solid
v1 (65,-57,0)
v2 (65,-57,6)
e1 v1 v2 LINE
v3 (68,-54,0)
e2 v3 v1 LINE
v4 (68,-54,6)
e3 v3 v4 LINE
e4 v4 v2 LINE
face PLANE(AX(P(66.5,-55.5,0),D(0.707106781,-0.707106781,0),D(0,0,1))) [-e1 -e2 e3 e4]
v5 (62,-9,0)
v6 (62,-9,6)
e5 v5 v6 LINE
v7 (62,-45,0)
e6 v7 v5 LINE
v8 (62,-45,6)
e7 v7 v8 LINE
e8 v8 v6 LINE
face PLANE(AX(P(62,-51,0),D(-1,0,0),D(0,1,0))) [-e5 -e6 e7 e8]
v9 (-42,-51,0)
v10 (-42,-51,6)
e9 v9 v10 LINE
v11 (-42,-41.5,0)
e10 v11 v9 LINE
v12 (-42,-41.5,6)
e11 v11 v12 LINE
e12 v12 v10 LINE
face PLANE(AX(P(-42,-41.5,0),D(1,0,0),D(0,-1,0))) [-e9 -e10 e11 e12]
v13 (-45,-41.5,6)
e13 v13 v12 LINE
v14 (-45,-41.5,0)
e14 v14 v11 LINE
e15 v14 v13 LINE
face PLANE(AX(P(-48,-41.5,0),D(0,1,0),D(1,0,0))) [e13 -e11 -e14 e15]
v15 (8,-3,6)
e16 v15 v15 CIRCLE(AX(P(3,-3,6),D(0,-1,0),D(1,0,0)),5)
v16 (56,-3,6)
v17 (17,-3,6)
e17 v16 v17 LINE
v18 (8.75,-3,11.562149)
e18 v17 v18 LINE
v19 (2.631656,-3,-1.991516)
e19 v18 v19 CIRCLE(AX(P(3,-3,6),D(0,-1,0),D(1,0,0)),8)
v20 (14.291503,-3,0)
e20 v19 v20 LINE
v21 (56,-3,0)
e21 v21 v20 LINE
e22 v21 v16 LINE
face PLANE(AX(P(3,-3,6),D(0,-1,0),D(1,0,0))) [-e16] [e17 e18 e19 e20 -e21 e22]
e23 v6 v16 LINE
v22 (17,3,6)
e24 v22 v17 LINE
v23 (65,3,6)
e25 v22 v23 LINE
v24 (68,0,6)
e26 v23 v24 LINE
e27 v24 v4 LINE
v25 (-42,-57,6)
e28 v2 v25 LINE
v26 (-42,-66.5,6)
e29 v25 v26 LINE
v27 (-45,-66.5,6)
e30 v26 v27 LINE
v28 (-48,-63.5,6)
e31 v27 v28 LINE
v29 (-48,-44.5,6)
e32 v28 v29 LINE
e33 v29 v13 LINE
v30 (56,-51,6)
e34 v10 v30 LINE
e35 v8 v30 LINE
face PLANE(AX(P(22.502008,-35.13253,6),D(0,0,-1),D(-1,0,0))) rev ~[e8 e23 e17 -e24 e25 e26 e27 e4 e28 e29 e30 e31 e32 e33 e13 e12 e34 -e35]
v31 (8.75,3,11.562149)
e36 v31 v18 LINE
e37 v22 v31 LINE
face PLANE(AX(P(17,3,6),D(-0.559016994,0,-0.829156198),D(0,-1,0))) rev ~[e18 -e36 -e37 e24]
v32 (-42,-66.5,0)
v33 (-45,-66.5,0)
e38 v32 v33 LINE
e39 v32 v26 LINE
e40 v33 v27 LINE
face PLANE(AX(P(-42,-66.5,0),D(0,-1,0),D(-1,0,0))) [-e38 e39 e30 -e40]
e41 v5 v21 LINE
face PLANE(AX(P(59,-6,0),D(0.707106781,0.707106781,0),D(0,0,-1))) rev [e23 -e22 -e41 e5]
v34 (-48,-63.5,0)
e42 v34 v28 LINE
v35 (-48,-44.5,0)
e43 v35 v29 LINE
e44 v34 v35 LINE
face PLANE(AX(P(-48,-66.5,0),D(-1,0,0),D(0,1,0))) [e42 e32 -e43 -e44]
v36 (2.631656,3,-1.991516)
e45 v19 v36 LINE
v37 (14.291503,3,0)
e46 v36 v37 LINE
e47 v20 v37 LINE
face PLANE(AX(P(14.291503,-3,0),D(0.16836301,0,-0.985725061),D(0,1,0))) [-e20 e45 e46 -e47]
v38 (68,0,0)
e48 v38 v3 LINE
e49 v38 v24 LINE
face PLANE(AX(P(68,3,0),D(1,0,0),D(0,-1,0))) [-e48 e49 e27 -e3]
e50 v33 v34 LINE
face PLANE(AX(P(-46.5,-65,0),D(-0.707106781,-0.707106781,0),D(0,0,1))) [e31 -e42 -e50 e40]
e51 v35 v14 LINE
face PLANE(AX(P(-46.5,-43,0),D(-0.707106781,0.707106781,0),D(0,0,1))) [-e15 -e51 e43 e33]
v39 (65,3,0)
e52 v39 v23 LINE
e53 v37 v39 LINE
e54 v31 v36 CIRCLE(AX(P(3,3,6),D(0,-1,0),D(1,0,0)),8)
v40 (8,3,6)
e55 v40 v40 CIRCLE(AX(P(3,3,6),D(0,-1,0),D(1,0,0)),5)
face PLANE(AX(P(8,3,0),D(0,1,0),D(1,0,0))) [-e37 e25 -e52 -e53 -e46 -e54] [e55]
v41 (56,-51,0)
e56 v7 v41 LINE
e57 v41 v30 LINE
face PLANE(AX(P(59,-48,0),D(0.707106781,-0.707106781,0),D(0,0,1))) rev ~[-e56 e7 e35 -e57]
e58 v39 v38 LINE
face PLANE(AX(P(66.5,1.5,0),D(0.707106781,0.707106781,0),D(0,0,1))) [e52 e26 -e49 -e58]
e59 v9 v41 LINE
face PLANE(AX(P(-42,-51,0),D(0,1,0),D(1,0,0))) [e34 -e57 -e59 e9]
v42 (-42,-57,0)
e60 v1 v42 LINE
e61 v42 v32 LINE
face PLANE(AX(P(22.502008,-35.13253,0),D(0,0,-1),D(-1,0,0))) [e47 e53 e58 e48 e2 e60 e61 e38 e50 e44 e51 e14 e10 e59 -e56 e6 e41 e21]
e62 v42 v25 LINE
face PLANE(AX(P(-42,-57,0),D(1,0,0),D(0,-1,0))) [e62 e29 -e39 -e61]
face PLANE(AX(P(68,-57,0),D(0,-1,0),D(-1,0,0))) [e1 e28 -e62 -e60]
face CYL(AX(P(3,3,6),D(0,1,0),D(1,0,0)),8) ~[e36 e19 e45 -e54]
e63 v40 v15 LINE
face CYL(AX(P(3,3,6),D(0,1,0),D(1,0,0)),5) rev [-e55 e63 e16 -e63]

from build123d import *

# Parameters (mm, degrees)
PAD_DEPTH           = 6
CYLINDER001_R       = 5
CYLINDER001_DEPTH   = 6
CYLINDER_R          = 8
CYLINDER_DEPTH      = 6
CUT_PLACEMENT_ANGLE = 90
CHAMFER_SIZE        = 6
CHAMFER001_SIZE     = 6
CHAMFER002_SIZE     = 6
CHAMFER003_SIZE     = 6
CHAMFER004_SIZE     = 3
CHAMFER005_SIZE     = 3
CHAMFER006_SIZE     = 3
CHAMFER007_SIZE     = 3


with BuildPart() as pad:
    # Sketch → Pad (new body)
    with BuildSketch(Plane.XY):
        Polygon((8, 3), (68, 3), (68, -57), (-42, -57), (-42, -66.5), (-48, -66.5), (-48, -41.5), (-42, -41.5), (-42, -51), (62, -51), (62, -3), (8, -3), align=None)
    extrude(amount=PAD_DEPTH)


with BuildPart() as cilindro001:
    # Cylinder001 → Cylinder001 (new body)
    with BuildSketch(Plane(origin=(3, 3, 0), x_dir=(1, 0, 0), z_dir=(0, 0, 1))):
        Circle(CYLINDER001_R)
    extrude(amount=CYLINDER001_DEPTH)


with BuildPart() as chamfer007:
    # Cylinder → Cylinder (new body)
    with BuildSketch(Plane(origin=(3, 3, 0), x_dir=(1, 0, 0), z_dir=(0, 0, 1))):
        Circle(CYLINDER_R)
    extrude(amount=CYLINDER_DEPTH)

    # Cut: cut Cilindro001
    add(cilindro001.part, mode=Mode.SUBTRACT)


with BuildPart() as chamfer007_1:
    # Cut placement: moved
    add(chamfer007.part.moved(Location((0, 3, 3))).rotate(Axis((0, 3, 3), (1, 0, 0)), CUT_PLACEMENT_ANGLE))

    # Fusion: union Pad
    add(pad.part)

    # Chamfer
    chamfer_edges = [chamfer007_1.edges().sort_by_distance(p)[0] for p in [
        (11, 0, 6),
    ]]
    chamfer(chamfer_edges, length=CHAMFER_SIZE)

    # Chamfer001
    chamfer001_edges = [chamfer007_1.edges().sort_by_distance(p)[0] for p in [
        (8.291503, 0, 0),
    ]]
    chamfer(chamfer001_edges, length=CHAMFER001_SIZE)

    # Chamfer002
    chamfer002_edges = [chamfer007_1.edges().sort_by_distance(p)[0] for p in [
        (62, -51, 3),
    ]]
    chamfer(chamfer002_edges, length=CHAMFER002_SIZE)

    # Chamfer003
    chamfer003_edges = [chamfer007_1.edges().sort_by_distance(p)[0] for p in [
        (62, -3, 3),
    ]]
    chamfer(chamfer003_edges, length=CHAMFER003_SIZE)

    # Chamfer004
    chamfer004_edges = [chamfer007_1.edges().sort_by_distance(p)[0] for p in [
        (68, 3, 3),
    ]]
    chamfer(chamfer004_edges, length=CHAMFER004_SIZE)

    # Chamfer005
    chamfer005_edges = [chamfer007_1.edges().sort_by_distance(p)[0] for p in [
        (68, -57, 3),
    ]]
    chamfer(chamfer005_edges, length=CHAMFER005_SIZE)

    # Chamfer006
    chamfer006_edges = [chamfer007_1.edges().sort_by_distance(p)[0] for p in [
        (-48, -66.5, 3),
    ]]
    chamfer(chamfer006_edges, length=CHAMFER006_SIZE)

    # Chamfer007
    chamfer007_edges = [chamfer007_1.edges().sort_by_distance(p)[0] for p in [
        (-48, -41.5, 3),
    ]]
    chamfer(chamfer007_edges, length=CHAMFER007_SIZE)


solid = chamfer007_1.part
